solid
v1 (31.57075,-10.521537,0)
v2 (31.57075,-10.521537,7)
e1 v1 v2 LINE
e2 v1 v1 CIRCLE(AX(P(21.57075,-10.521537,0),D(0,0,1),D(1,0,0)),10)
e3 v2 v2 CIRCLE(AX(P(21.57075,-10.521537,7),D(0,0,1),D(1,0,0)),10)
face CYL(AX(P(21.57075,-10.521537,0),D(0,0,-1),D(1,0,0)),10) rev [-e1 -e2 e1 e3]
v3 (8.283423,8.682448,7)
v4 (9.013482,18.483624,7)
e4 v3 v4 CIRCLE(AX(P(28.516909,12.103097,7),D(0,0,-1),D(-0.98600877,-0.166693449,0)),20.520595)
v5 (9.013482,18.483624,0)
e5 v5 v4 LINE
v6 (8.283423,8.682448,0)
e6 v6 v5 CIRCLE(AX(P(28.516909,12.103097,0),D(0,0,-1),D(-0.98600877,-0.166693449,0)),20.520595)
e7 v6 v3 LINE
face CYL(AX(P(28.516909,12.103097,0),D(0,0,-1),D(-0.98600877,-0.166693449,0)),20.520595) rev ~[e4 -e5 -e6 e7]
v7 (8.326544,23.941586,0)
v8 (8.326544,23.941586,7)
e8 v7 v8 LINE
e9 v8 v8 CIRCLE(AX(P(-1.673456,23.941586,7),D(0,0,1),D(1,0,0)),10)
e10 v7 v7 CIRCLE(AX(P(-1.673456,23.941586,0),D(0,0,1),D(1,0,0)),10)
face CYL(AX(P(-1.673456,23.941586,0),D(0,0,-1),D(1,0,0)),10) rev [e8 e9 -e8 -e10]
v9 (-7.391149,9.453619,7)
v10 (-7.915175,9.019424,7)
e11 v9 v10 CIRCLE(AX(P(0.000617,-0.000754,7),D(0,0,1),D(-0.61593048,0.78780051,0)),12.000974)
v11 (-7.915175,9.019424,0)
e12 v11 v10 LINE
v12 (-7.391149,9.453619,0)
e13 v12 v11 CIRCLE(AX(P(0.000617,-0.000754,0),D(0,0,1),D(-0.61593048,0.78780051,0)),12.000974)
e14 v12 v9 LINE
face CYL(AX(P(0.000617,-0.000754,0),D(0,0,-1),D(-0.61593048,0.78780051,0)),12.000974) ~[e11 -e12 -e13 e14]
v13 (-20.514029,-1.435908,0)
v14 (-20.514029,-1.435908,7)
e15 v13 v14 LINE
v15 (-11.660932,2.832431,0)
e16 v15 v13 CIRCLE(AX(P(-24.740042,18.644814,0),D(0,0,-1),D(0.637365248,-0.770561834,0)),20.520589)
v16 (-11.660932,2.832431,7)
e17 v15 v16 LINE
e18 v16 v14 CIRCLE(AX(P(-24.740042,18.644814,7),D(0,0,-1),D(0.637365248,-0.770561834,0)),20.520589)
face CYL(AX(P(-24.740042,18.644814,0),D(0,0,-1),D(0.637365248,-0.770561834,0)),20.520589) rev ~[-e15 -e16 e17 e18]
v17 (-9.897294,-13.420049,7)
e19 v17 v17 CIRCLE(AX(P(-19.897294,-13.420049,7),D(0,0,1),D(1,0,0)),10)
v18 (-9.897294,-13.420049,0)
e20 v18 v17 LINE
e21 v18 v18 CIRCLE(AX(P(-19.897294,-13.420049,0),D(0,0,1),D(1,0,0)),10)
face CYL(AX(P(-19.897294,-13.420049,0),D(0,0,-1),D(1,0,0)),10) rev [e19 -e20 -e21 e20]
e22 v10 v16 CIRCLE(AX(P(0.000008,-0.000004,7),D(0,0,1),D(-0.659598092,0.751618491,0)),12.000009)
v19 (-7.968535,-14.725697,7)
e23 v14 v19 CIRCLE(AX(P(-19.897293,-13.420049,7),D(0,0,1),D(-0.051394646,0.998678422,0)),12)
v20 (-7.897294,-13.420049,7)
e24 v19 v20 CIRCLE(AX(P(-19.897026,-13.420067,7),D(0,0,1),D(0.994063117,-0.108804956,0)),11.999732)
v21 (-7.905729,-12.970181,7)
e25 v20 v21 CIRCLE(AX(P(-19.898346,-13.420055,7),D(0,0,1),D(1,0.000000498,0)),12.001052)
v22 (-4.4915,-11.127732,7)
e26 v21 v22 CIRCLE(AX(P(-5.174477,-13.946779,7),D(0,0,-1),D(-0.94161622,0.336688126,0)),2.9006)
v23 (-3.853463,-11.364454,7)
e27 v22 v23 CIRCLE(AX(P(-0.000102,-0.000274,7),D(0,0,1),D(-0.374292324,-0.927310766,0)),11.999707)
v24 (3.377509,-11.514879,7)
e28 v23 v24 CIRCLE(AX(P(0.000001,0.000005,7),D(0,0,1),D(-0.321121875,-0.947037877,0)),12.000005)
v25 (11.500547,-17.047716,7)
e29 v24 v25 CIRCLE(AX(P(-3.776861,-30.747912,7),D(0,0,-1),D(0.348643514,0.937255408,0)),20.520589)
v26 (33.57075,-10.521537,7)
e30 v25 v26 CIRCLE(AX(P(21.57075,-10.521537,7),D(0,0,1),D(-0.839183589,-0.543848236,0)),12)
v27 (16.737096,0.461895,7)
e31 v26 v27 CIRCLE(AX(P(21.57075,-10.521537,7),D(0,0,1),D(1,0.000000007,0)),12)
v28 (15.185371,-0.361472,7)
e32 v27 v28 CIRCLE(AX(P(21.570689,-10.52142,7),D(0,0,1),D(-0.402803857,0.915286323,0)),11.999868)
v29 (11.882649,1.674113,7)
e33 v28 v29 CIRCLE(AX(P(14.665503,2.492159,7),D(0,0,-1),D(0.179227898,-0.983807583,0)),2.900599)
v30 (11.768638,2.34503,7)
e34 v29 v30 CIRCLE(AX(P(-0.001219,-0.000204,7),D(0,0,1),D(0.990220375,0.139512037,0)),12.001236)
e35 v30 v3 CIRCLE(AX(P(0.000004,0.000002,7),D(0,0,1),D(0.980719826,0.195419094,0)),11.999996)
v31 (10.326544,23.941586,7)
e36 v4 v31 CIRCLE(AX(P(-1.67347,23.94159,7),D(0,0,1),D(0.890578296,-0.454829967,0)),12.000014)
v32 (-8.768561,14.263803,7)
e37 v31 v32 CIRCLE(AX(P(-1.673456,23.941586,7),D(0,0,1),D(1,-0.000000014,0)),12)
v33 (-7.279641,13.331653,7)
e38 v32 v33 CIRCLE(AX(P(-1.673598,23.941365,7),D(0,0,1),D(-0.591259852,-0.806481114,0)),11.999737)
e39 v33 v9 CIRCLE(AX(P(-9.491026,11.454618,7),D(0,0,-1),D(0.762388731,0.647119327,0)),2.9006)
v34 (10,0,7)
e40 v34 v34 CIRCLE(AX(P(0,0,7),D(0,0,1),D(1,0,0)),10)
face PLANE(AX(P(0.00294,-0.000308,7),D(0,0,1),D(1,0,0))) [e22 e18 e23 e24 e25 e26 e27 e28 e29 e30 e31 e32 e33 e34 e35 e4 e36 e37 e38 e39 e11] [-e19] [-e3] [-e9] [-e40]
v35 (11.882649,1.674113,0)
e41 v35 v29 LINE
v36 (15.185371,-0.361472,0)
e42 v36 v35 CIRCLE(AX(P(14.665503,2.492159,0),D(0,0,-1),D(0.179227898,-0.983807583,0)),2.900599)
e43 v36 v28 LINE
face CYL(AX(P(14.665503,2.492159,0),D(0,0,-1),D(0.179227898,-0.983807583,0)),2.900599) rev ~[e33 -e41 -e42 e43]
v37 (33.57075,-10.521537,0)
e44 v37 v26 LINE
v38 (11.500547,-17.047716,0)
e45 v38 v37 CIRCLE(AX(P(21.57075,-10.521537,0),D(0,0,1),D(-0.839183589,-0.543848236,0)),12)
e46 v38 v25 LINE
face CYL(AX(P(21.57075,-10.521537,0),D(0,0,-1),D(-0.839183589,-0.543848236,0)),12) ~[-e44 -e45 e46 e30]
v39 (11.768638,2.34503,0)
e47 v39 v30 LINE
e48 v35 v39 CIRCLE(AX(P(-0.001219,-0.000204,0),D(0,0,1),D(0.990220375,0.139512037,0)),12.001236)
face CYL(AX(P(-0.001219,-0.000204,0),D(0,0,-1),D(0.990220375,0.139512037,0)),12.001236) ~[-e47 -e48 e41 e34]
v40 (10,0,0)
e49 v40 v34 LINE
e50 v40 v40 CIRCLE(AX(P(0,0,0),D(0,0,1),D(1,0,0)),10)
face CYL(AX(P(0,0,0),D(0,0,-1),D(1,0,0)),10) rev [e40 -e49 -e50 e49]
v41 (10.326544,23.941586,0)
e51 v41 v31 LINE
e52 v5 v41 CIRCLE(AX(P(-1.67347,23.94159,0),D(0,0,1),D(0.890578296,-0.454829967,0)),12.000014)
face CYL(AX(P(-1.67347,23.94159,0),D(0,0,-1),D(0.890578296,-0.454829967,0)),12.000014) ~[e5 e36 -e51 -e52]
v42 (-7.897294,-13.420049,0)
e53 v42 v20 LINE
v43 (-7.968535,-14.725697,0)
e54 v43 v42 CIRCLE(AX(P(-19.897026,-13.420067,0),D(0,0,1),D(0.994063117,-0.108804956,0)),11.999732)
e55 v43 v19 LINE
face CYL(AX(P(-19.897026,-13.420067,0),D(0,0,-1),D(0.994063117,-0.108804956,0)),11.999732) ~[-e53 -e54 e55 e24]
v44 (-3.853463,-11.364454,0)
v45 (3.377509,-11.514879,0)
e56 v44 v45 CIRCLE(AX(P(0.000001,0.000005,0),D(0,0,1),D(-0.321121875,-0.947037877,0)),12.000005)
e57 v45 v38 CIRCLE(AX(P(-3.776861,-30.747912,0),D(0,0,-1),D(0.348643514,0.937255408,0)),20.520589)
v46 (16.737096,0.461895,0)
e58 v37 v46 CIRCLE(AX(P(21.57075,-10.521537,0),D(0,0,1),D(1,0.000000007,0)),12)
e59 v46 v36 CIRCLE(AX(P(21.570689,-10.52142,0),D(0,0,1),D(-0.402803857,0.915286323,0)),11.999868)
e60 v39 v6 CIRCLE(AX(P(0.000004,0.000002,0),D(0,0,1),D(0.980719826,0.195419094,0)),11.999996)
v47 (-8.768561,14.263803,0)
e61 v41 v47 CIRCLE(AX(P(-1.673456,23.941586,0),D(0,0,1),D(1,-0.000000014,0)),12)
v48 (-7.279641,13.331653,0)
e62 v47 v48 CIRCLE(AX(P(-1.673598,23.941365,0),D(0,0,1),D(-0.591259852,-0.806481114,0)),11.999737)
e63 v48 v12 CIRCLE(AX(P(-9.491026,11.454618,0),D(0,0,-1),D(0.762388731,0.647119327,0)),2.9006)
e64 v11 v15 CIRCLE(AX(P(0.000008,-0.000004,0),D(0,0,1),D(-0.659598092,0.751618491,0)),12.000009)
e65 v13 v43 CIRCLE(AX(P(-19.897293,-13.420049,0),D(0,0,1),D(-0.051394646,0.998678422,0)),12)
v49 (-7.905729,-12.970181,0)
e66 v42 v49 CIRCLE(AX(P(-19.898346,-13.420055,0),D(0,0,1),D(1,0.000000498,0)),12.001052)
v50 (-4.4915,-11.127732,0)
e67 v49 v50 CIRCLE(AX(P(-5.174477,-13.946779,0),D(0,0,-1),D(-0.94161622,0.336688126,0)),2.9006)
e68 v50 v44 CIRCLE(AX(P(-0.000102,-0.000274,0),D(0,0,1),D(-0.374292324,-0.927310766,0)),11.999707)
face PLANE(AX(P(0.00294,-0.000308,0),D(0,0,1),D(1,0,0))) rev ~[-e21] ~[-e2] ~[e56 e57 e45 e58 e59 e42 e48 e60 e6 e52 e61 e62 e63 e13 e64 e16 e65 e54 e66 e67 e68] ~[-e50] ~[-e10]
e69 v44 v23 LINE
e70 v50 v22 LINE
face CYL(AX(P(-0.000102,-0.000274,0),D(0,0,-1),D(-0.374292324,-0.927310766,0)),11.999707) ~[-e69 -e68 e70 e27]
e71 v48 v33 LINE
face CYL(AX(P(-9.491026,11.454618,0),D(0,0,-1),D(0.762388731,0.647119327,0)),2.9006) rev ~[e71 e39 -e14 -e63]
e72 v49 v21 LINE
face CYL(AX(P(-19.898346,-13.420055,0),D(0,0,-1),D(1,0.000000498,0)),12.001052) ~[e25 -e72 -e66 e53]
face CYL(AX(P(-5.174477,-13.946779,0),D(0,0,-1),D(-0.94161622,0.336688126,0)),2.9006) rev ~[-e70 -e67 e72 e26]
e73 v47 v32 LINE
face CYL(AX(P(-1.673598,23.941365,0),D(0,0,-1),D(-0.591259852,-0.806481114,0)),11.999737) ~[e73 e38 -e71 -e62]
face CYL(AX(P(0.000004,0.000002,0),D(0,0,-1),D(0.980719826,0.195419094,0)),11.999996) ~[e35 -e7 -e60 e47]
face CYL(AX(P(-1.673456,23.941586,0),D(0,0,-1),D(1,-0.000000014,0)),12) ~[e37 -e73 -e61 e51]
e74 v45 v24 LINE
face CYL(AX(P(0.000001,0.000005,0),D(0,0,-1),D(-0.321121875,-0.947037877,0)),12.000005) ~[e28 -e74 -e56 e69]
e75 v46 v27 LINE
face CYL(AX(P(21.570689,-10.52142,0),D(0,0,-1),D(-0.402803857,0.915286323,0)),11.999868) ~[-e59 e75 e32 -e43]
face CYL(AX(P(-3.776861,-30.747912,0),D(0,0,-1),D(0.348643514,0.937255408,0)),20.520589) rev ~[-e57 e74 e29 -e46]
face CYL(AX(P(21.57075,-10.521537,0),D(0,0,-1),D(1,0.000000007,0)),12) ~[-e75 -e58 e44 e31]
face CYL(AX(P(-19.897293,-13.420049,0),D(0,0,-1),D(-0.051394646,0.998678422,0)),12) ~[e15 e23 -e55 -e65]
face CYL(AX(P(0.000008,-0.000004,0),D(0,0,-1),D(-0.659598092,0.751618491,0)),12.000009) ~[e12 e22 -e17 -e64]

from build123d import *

# Parameters (mm, degrees)
F0_R     = 10
F1_DEPTH = 7
F2_DEPTH = 7


with BuildPart() as f1:
    # F0 (on Top) → F1 (new body)
    with BuildSketch(Plane.XY):
        with BuildLine():
            ThreePointArc((-7.905729, -12.970181), (-8.489375, -9.697228), (-9.948647, -6.710024))
            ThreePointArc((-9.948647, -6.710024), (-14.537703, -2.683439), (-20.514029, -1.435908))
            ThreePointArc((-20.514029, -1.435908), (-28.623409, -21.657457), (-7.968535, -14.725697))
            ThreePointArc((-7.968535, -14.725697), (-8.073222, -13.84307), (-7.905729, -12.970181))
        make_face()
        with Locations((-19.897294, -13.420049)):
            Circle(F0_R, mode=Mode.SUBTRACT)
        with BuildLine():
            ThreePointArc((11.882649, 1.674113), (11.805899, 2.006216), (11.768638, 2.34503))
            ThreePointArc((11.768638, 2.34503), (10.514847, 5.78256), (8.283423, 8.682448))
            ThreePointArc((8.283423, 8.682448), (4.070211, 11.288639), (-0.836728, 11.970793))
            ThreePointArc((-0.836728, 11.970793), (-4.302154, 11.202297), (-7.391149, 9.453619))
            ThreePointArc((-7.391149, 9.453619), (-7.640384, 9.2211), (-7.915175, 9.019424))
            ThreePointArc((-7.915175, 9.019424), (-10.265267, 6.214844), (-11.660932, 2.832431))
            ThreePointArc((-11.660932, 2.832431), (-11.811354, -2.119413), (-9.948647, -6.710024))
            ThreePointArc((-9.948647, -6.710024), (-7.550397, -9.326923), (-4.4915, -11.127732))
            ThreePointArc((-4.4915, -11.127732), (-4.165515, -11.227317), (-3.853463, -11.364454))
            ThreePointArc((-3.853463, -11.364454), (-0.24958, -11.997404), (3.377509, -11.514879))
            ThreePointArc((3.377509, -11.514879), (7.741143, -9.169226), (10.785375, -5.260768))
            ThreePointArc((10.785375, -5.260768), (11.692401, -2.699583), (12, 0))
            ThreePointArc((12, 0), (11.970626, 0.839111), (11.882649, 1.674113))
        make_face()
        Circle(F0_R, mode=Mode.SUBTRACT)
        with BuildLine():
            ThreePointArc((-9.948647, -6.710024), (-11.811354, -2.119413), (-11.660932, 2.832431))
            ThreePointArc((-11.660932, 2.832431), (-15.828168, 0.160413), (-20.514029, -1.435908))
            ThreePointArc((-20.514029, -1.435908), (-14.537703, -2.683439), (-9.948647, -6.710024))
        make_face()
    extrude(amount=F1_DEPTH)

    # F0 (on Top) → F2 (join)
    with BuildSketch(Plane.XY):
        with BuildLine():
            ThreePointArc((11.882649, 1.674113), (11.805899, 2.006216), (11.768638, 2.34503))
            ThreePointArc((11.768638, 2.34503), (10.514847, 5.78256), (8.283423, 8.682448))
            ThreePointArc((8.283423, 8.682448), (4.070211, 11.288639), (-0.836728, 11.970793))
            ThreePointArc((-0.836728, 11.970793), (-4.302154, 11.202297), (-7.391149, 9.453619))
            ThreePointArc((-7.391149, 9.453619), (-7.640384, 9.2211), (-7.915175, 9.019424))
            ThreePointArc((-7.915175, 9.019424), (-10.265267, 6.214844), (-11.660932, 2.832431))
            ThreePointArc((-11.660932, 2.832431), (-11.811354, -2.119413), (-9.948647, -6.710024))
            ThreePointArc((-9.948647, -6.710024), (-7.550397, -9.326923), (-4.4915, -11.127732))
            ThreePointArc((-4.4915, -11.127732), (-4.165515, -11.227317), (-3.853463, -11.364454))
            ThreePointArc((-3.853463, -11.364454), (-0.24958, -11.997404), (3.377509, -11.514879))
            ThreePointArc((3.377509, -11.514879), (7.741143, -9.169226), (10.785375, -5.260768))
            ThreePointArc((10.785375, -5.260768), (11.692401, -2.699583), (12, 0))
            ThreePointArc((12, 0), (11.970626, 0.839111), (11.882649, 1.674113))
        make_face()
        Circle(F0_R, mode=Mode.SUBTRACT)
        with BuildLine():
            ThreePointArc((11.882649, 1.674113), (11.8304, 2.01038), (11.768638, 2.34503))
            ThreePointArc((11.768638, 2.34503), (11.805899, 2.006216), (11.882649, 1.674113))
        make_face()
        with BuildLine():
            ThreePointArc((-0.836728, 11.970793), (4.070211, 11.288639), (8.283423, 8.682448))
            ThreePointArc((8.283423, 8.682448), (8.053006, 13.627389), (9.013482, 18.483624))
            ThreePointArc((9.013482, 18.483624), (4.944925, 13.931739), (-0.836728, 11.970793))
        make_face()
        with BuildLine():
            ThreePointArc((15.185371, -0.361472), (13.143603, 0.022889), (11.882649, 1.674113))
            ThreePointArc((11.882649, 1.674113), (11.970626, 0.839111), (12, 0))
            ThreePointArc((12, 0), (11.692401, -2.699583), (10.785375, -5.260768))
            ThreePointArc((10.785375, -5.260768), (12.642734, -2.5034), (15.185371, -0.361472))
        make_face()
        with BuildLine():
            ThreePointArc((-7.391149, 9.453619), (-4.302154, 11.202297), (-0.836728, 11.970793))
            ThreePointArc((-0.836728, 11.970793), (-4.153358, 12.200628), (-7.279641, 13.331653))
            ThreePointArc((-7.279641, 13.331653), (-6.591624, 11.37125), (-7.391149, 9.453619))
        make_face()
        with BuildLine():
            ThreePointArc((-7.279641, 13.331653), (-4.153358, 12.200628), (-0.836728, 11.970793))
            ThreePointArc((-0.836728, 11.970793), (4.944925, 13.931739), (9.013482, 18.483624))
            ThreePointArc((9.013482, 18.483624), (9.993661, 21.134743), (10.326544, 23.941586))
            ThreePointArc((10.326544, 23.941586), (-7.098341, 34.645353), (-8.768561, 14.263803))
            ThreePointArc((-8.768561, 14.263803), (-7.951839, 13.913151), (-7.279641, 13.331653))
        make_face()
        with Locations((-1.673456, 23.941586)):
            Circle(F0_R, mode=Mode.SUBTRACT)
        with BuildLine():
            ThreePointArc((16.737096, 0.461895), (16.025062, -0.07008), (15.185371, -0.361472))
            ThreePointArc((15.185371, -0.361472), (12.642734, -2.5034), (10.785375, -5.260768))
            ThreePointArc((10.785375, -5.260768), (9.592778, -11.248299), (11.500547, -17.047716))
            ThreePointArc((11.500547, -17.047716), (24.973511, -22.028979), (33.57075, -10.521537))
            ThreePointArc((33.57075, -10.521537), (28.128042, -0.471566), (16.737096, 0.461895))
        make_face()
        with Locations((21.57075, -10.521537)):
            Circle(F0_R, mode=Mode.SUBTRACT)
        with BuildLine():
            ThreePointArc((16.737096, 0.461895), (15.946147, 0.078644), (15.185371, -0.361472))
            ThreePointArc((15.185371, -0.361472), (16.025062, -0.07008), (16.737096, 0.461895))
        make_face()
        with BuildLine():
            ThreePointArc((-7.915175, 9.019424), (-7.640384, 9.2211), (-7.391149, 9.453619))
            ThreePointArc((-7.391149, 9.453619), (-7.65624, 9.240237), (-7.915175, 9.019424))
        make_face()
        with BuildLine():
            ThreePointArc((-8.768561, 14.263803), (-8.041181, 13.770446), (-7.279641, 13.331653))
            ThreePointArc((-7.279641, 13.331653), (-7.951839, 13.913151), (-8.768561, 14.263803))
        make_face()
        with BuildLine():
            ThreePointArc((11.500547, -17.047716), (9.592778, -11.248299), (10.785375, -5.260768))
            ThreePointArc((10.785375, -5.260768), (7.741143, -9.169226), (3.377509, -11.514879))
            ThreePointArc((3.377509, -11.514879), (7.775162, -13.787802), (11.500547, -17.047716))
        make_face()
        with BuildLine():
            ThreePointArc((-9.948647, -6.710024), (-11.811354, -2.119413), (-11.660932, 2.832431))
            ThreePointArc((-11.660932, 2.832431), (-15.828168, 0.160413), (-20.514029, -1.435908))
            ThreePointArc((-20.514029, -1.435908), (-14.537703, -2.683439), (-9.948647, -6.710024))
        make_face()
        with BuildLine():
            ThreePointArc((-4.4915, -11.127732), (-4.17416, -11.250617), (-3.853463, -11.364454))
            ThreePointArc((-3.853463, -11.364454), (-4.165515, -11.227317), (-4.4915, -11.127732))
        make_face()
        with BuildLine():
            ThreePointArc((-4.4915, -11.127732), (-7.550397, -9.326923), (-9.948647, -6.710024))
            ThreePointArc((-9.948647, -6.710024), (-8.489375, -9.697228), (-7.905729, -12.970181))
            ThreePointArc((-7.905729, -12.970181), (-6.551979, -11.394139), (-4.4915, -11.127732))
        make_face()
        with BuildLine():
            ThreePointArc((-7.905729, -12.970181), (-8.489375, -9.697228), (-9.948647, -6.710024))
            ThreePointArc((-9.948647, -6.710024), (-14.537703, -2.683439), (-20.514029, -1.435908))
            ThreePointArc((-20.514029, -1.435908), (-28.623409, -21.657457), (-7.968535, -14.725697))
            ThreePointArc((-7.968535, -14.725697), (-8.073222, -13.84307), (-7.905729, -12.970181))
        make_face()
        with Locations((-19.897294, -13.420049)):
            Circle(F0_R, mode=Mode.SUBTRACT)
        with BuildLine():
            ThreePointArc((-7.897294, -13.420049), (-7.899403, -13.195075), (-7.905729, -12.970181))
            ThreePointArc((-7.905729, -12.970181), (-8.073222, -13.84307), (-7.968535, -14.725697))
            ThreePointArc((-7.968535, -14.725697), (-7.915117, -14.073844), (-7.897294, -13.420049))
        make_face()
    extrude(amount=F2_DEPTH)


solid = f1.part
